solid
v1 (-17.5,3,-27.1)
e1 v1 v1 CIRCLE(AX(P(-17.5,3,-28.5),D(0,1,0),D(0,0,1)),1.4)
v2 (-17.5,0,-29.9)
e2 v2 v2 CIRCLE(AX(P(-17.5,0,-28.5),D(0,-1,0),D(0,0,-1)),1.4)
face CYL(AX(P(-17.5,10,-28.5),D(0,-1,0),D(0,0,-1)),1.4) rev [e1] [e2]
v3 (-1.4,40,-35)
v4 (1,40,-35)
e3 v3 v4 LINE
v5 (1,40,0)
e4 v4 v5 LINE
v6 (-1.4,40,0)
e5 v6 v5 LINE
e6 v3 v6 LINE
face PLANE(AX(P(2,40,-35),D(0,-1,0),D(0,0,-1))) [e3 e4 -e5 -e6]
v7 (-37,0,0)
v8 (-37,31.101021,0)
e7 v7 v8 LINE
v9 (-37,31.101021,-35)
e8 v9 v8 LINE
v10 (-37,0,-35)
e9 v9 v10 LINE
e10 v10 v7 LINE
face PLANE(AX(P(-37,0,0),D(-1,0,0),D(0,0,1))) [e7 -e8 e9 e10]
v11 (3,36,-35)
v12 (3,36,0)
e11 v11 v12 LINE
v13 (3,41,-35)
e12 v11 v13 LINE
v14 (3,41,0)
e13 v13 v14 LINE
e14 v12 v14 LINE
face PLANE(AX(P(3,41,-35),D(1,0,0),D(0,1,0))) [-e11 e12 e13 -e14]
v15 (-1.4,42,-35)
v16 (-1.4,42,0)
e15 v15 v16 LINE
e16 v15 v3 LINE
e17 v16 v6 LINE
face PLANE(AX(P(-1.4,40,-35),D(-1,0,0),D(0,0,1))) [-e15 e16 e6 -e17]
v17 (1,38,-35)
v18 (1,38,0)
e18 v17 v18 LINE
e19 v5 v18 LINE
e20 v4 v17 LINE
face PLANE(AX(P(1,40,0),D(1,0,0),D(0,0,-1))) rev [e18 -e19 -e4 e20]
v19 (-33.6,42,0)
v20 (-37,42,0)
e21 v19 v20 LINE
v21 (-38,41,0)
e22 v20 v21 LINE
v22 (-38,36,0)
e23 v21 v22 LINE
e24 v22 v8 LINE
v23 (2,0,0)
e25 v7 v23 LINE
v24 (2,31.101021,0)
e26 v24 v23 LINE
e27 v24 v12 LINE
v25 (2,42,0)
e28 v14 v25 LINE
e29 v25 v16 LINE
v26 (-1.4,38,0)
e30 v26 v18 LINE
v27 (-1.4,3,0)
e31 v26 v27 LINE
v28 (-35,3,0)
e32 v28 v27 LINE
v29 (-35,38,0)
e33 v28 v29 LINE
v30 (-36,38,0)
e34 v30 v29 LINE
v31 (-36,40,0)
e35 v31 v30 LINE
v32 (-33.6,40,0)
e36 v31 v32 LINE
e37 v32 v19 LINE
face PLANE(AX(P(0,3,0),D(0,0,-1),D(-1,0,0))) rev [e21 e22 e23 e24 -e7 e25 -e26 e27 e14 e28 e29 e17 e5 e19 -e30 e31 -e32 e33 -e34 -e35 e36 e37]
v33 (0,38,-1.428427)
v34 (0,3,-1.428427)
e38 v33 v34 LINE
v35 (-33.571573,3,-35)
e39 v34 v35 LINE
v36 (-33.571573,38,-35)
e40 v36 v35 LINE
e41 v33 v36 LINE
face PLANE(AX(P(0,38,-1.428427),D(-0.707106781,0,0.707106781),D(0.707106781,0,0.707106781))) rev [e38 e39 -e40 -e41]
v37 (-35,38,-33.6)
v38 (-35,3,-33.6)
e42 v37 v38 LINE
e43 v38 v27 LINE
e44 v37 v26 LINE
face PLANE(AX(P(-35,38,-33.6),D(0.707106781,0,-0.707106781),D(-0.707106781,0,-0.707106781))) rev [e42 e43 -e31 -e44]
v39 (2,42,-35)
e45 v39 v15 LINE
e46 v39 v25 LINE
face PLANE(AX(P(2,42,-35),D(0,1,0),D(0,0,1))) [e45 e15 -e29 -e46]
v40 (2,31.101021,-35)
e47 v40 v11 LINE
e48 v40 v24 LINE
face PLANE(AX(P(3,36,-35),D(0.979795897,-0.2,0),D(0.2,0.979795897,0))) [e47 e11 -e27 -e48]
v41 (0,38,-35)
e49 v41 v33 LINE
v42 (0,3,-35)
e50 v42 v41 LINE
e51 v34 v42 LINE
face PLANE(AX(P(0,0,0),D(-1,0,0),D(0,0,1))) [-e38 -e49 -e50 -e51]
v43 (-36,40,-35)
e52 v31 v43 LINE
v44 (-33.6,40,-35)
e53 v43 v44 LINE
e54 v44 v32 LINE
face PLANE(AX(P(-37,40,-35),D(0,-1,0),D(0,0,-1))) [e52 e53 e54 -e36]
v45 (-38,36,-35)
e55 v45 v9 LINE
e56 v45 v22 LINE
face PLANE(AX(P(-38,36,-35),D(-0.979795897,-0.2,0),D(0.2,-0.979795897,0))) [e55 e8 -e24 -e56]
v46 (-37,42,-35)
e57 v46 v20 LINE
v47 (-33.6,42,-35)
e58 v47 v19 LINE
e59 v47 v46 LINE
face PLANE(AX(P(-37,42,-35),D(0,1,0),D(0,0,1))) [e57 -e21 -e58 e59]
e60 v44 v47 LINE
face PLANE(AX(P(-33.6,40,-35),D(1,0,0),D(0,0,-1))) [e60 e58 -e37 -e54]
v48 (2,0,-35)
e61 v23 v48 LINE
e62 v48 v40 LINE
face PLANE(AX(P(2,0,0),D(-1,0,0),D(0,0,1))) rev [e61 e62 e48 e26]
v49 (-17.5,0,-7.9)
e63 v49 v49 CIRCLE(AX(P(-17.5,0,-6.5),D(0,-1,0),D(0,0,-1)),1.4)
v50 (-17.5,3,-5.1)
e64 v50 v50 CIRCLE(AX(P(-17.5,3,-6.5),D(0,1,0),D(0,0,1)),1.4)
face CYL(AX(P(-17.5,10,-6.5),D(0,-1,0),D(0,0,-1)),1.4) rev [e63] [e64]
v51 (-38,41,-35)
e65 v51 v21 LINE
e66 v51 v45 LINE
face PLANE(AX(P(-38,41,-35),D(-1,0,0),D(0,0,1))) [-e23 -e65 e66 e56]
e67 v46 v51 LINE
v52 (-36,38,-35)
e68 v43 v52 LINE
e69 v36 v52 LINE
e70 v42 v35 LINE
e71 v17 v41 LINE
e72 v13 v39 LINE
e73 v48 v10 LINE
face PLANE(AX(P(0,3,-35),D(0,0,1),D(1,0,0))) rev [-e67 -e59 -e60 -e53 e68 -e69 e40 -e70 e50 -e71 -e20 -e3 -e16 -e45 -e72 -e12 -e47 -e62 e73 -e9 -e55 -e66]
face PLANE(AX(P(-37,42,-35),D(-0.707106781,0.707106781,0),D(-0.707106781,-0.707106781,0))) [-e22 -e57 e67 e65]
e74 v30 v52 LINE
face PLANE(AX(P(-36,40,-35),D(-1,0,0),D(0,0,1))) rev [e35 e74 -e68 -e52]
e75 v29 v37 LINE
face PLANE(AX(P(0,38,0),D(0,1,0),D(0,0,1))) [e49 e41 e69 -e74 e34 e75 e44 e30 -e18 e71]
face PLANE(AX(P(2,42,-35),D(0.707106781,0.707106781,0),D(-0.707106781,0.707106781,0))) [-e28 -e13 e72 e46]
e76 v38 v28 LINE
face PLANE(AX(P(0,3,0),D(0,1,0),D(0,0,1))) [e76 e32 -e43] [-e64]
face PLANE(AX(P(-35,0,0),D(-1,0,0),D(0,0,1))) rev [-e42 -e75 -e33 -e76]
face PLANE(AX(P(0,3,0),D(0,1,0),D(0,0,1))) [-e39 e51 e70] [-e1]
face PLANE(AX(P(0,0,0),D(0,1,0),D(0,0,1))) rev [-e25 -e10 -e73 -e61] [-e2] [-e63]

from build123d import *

# Parameters (mm, degrees)
SKETCH1_W            = 35
SKETCH1_H            = 35
BOSS_EXTRUDE1_DEPTH  = 3
BOSS_EXTRUDE2_DEPTH  = 35
SKETCH6_W            = 35
SKETCH6_H            = 38
BOSS_EXTRUDE8_DEPTH  = 2
SKETCH7_W            = 35
SKETCH7_H            = 38
BOSS_EXTRUDE9_DEPTH  = 2
SKETCH8_R            = 1.4
CUT_EXTRUDE1_DEPTH   = 10
SKETCH9_W            = 1
SKETCH9_H            = 35
BOSS_EXTRUDE10_DEPTH = 2
SKETCH10_W           = 3.4
SKETCH10_H           = 2
BOSS_EXTRUDE11_DEPTH = 35
BOSS_EXTRUDE12_DEPTH = 35


with BuildPart() as part:
    # Sketch1 → Boss-Extrude1 (new body)
    with BuildSketch(Plane(origin=(0, 0, 0), x_dir=(1, 0, 0), z_dir=(0, 1, 0))):
        with Locations((-17.5, 17.5)):
            Rectangle(SKETCH1_W, SKETCH1_H)
    extrude(amount=BOSS_EXTRUDE1_DEPTH)

    # Sketch2 → Boss-Extrude2 (add)
    with BuildSketch(Plane(origin=(0, 3, 0), x_dir=(1, 0, 0), z_dir=(0, 1, 0))):
        Polygon((-35, 33.6), (-1.4, 0), (0, 0), (0, 1.428427125), (-33.571572875, 35), (-35, 35), align=None)
    extrude(amount=BOSS_EXTRUDE2_DEPTH)

    # Sketch6 → Boss-Extrude8 (add)
    with BuildSketch(Plane(origin=(0, 0, 0), x_dir=(0, 0, -1), z_dir=(1, 0, 0))):
        with Locations((17.5, 19)):
            Rectangle(SKETCH6_W, SKETCH6_H)
    extrude(amount=BOSS_EXTRUDE8_DEPTH)

    # Sketch7 → Boss-Extrude9 (add)
    with BuildSketch(Plane.ZY.offset(35)):
        with Locations((-17.5, 19)):
            Rectangle(SKETCH7_W, SKETCH7_H)
    extrude(amount=BOSS_EXTRUDE9_DEPTH)

    # Sketch8 → Cut-Extrude1 (cut)
    with BuildSketch(Plane.XZ):
        with Locations((-17.5, -6.5)):
            Circle(SKETCH8_R)
        with Locations((-17.5, -28.5)):
            Circle(SKETCH8_R)
    extrude(amount=-CUT_EXTRUDE1_DEPTH, mode=Mode.SUBTRACT)

    # Sketch9 → Boss-Extrude10 (add)
    with BuildSketch(Plane(origin=(0, 38, 0), x_dir=(1, 0, 0), z_dir=(0, 1, 0))):
        with Locations((-36.5, 17.5)):
            Rectangle(SKETCH9_W, SKETCH9_H)
        with Locations((1.5, 17.5)):
            Rectangle(SKETCH9_W, SKETCH9_H)
    extrude(amount=BOSS_EXTRUDE10_DEPTH)

    # Sketch10 → Boss-Extrude11 (add)
    with BuildSketch(Plane.XY):
        with Locations((-35.3, 41)):
            Rectangle(SKETCH10_W, SKETCH10_H)
        with Locations((0.3, 41)):
            Rectangle(SKETCH10_W, SKETCH10_H)
    extrude(amount=-BOSS_EXTRUDE11_DEPTH)

    # Sketch11 → Boss-Extrude12 (add)
    with BuildSketch(Plane.XY):
        Polygon((-37, 42), (-38, 41), (-38, 36), (-37, 31.101020514), align=None)
        Polygon((2, 42), (3, 41), (3, 36), (2, 31.101020514), align=None)
    extrude(amount=-BOSS_EXTRUDE12_DEPTH)


solid = part.part
